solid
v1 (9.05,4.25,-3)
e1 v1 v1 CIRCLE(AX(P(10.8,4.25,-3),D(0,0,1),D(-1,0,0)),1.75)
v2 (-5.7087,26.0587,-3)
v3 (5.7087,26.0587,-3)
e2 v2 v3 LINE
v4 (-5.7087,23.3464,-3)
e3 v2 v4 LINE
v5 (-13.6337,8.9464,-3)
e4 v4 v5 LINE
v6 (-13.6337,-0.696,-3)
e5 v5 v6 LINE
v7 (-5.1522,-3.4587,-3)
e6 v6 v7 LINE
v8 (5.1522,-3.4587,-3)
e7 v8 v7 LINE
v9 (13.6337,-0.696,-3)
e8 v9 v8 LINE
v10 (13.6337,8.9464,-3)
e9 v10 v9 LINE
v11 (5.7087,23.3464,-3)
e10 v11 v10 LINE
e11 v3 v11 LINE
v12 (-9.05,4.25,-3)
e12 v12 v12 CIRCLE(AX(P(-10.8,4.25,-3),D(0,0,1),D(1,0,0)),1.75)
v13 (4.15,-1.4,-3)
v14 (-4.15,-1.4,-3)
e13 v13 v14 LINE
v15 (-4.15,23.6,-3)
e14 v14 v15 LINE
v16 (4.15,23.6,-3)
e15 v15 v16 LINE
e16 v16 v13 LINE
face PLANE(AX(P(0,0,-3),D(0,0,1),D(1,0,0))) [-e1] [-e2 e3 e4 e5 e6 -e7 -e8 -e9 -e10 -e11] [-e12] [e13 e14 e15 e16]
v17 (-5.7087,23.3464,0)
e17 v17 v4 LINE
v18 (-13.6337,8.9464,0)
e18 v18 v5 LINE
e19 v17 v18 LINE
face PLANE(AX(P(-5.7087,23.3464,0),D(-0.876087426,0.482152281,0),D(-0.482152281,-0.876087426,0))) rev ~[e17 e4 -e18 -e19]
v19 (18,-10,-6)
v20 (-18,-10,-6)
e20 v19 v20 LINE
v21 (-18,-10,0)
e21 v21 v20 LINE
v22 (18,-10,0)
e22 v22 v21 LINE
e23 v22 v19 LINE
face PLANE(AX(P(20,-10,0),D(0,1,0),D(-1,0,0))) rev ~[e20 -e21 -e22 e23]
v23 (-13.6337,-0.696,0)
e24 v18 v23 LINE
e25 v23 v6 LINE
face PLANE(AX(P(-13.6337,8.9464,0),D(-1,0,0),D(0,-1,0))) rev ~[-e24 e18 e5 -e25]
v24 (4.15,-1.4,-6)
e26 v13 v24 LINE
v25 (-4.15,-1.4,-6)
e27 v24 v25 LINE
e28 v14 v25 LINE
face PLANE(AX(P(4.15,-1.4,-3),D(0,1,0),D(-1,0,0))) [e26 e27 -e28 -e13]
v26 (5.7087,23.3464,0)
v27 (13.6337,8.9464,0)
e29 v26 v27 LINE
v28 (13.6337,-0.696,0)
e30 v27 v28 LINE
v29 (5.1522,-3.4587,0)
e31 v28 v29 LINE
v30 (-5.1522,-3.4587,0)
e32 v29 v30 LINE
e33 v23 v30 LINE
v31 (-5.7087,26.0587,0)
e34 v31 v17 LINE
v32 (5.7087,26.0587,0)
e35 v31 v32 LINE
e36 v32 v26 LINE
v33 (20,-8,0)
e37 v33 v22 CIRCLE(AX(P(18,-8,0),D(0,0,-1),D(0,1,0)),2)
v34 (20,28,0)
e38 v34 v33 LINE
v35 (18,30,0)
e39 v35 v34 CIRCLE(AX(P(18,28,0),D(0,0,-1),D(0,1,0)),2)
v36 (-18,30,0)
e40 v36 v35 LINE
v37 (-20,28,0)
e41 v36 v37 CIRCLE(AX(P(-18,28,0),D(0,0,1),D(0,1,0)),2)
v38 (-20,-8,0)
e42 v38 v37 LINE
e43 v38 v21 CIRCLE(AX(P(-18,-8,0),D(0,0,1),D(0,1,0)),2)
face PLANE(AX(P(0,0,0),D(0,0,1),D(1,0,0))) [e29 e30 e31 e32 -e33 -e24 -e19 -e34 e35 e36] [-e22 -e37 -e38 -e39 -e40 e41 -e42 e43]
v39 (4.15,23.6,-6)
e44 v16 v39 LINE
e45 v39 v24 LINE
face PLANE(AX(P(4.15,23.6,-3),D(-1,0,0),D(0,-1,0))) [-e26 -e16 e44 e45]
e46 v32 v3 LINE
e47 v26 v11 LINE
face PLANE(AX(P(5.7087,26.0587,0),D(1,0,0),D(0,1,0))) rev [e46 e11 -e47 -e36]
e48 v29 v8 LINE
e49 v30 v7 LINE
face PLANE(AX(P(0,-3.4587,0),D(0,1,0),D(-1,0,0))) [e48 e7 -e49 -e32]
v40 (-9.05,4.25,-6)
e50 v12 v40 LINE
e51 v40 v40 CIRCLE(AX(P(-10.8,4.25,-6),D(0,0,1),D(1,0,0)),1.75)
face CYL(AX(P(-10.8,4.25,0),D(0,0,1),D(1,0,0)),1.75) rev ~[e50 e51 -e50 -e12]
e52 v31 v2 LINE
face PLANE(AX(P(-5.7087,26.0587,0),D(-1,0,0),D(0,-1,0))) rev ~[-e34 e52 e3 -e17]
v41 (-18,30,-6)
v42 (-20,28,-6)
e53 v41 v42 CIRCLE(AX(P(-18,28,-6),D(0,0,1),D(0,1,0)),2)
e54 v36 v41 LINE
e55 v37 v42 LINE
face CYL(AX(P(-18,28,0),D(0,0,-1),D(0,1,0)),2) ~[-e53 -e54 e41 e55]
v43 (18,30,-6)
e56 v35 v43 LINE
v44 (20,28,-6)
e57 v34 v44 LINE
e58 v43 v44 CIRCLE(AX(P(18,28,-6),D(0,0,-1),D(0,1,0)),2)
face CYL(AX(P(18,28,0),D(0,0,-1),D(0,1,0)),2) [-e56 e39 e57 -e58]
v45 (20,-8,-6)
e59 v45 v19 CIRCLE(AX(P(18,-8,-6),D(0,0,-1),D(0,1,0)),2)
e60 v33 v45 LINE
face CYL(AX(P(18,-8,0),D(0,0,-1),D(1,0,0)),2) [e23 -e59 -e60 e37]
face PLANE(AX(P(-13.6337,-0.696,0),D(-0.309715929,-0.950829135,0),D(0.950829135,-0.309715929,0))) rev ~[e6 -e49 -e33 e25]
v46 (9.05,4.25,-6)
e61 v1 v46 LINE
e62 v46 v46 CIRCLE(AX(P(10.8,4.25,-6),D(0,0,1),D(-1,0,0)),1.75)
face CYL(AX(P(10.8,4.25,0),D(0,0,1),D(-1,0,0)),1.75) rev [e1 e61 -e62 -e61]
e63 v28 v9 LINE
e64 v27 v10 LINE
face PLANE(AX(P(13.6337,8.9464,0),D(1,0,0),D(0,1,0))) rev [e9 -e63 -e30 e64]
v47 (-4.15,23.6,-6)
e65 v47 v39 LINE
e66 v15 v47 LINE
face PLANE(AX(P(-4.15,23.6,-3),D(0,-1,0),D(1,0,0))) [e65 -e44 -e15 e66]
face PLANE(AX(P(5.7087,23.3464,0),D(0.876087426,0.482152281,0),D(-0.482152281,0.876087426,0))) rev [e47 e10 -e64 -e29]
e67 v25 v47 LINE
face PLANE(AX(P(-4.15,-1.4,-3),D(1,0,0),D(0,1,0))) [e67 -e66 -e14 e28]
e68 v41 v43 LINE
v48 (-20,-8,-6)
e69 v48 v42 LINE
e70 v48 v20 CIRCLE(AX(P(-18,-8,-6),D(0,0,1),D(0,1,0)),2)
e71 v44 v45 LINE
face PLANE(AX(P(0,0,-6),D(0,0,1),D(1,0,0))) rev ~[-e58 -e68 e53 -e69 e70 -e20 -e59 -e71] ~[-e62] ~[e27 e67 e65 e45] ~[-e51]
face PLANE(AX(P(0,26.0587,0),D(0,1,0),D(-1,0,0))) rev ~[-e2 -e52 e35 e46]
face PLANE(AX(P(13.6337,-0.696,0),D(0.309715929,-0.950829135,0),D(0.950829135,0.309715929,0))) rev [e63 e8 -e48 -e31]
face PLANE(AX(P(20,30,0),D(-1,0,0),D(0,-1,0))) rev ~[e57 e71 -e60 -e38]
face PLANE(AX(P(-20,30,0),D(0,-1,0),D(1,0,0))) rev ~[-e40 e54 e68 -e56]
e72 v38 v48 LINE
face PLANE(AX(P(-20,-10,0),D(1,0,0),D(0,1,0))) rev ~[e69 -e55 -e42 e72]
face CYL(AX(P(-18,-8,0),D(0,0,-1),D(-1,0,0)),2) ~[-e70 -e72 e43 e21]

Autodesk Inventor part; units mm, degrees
ref_plane "YZ Plane" through (0, 0, 0) normal (1, 0, 0) x (0, 1, 0)
ref_plane "XZ Plane" through (0, 0, 0) normal (0, 1, 0) x (-1, 0, 0)
ref_plane "XY Plane" through (0, 0, 0) normal (0, 0, 1) x (1, 0, 0)
sketch "Sketch1" plane through (0, 0, 0) normal (0, 0, 1) x (1, 0, 0)
  line L0 (-5, -2.5) -> (5, -2.5) construction
  line L1 (5, -2.5) -> (12.675, 0) construction
  line L2 (-5, -2.5) -> (-12.675, 0)
  line L3 (12.675, 0) -> (-12.675, 0) construction
  line L4 (12.675, 0) -> (12.675, 8.7) construction
  line L5 (-12.675, 0) -> (-12.675, 8.7)
  line L6 (-12.675, 8.7) -> (-4.75, 23.1)
  line L7 (-4.75, 23.1) -> (-4.75, 25.1)
  line L8 (-4.75, 25.1) -> (4.75, 25.1) construction
  line L9 (4.75, 25.1) -> (4.75, 23.1) construction
  line L10 (4.75, 23.1) -> (12.675, 8.7) construction
  line L11 (0, -9.3621) -> (0, 31.9621) projected
  line L12 (0, 25.1) -> (0, -2.5)
  circle A0 centre (-10.8, 4.25) radius 1.25
  line L13 (-10.8, 4.25) -> (0, 4.25) construction
  line L14 (-4.75, 25.1) -> (0, 25.1)
  line L15 (-5, -2.5) -> (0, -2.5)
  line L16 (-5.7087, 23.3464) -> (-13.6337, 8.9464)
  line L17 (-13.6337, 8.9464) -> (-13.6337, -0.696)
  line L18 (-13.6337, -0.696) -> (-5.1522, -3.4587)
  line L19 (-5.1522, -3.4587) -> (0.9587, -3.4587) construction
  line L20 (0.9587, -3.4587) -> (0.9587, 26.0587) construction
  line L21 (0.9587, 26.0587) -> (-5.7087, 26.0587) construction
  line L22 (-5.7087, 26.0587) -> (-5.7087, 23.3464)
  line L23 (0, -2.5) -> (0, -3.4587)
  line L24 (0, 25.1) -> (0, 26.0587)
  line L25 (0, -3.4587) -> (-5.1522, -3.4587)
  line L26 (0, 26.0587) -> (-5.7087, 26.0587)
  point P0 (0, 0)
  point P1 (0, 0)
  dimension "d0" = 10
  dimension "d1" = 25.35
  dimension "d2" = 2.5
  dimension "d3" = 8.7
  dimension "d4" = 27.6
  dimension "d6" = 2
  dimension "d7" = 9.5
  dimension "d42" = 2.5
  dimension "d43" = 10.8
  dimension "d44" = 6.75
  dimension "d53" = 0.9587
sketch "Sketch8" plane through (0, 0, 0) normal (0, 0, 1) x (1, 0, 0)
  line L0 (-20, 30) -> (20, 30)
  line L1 (20, 30) -> (20, -10)
  line L2 (20, -10) -> (-20, -10)
  line L3 (-20, -10) -> (-20, 30)
  point P0 (0, 0)
  point P1 (0, -10)
  dimension "d45" = 40
  dimension "d46" = 10
extrude "MainBlock" add sketch "Sketch8" against normal blind 6
extrude "CartridgeCutout" cut sketch "Sketch1" against normal blind 3
sketch "Sketch10" plane through (-10.8, 4.25, 0) normal (0, 0, 1) x (1, 0, 0)
  circle A0 centre (0, 0) radius 1.25 projected
  circle A1 centre (0, 0) radius 1.75
  point P0 (10.8, -4.25)
  dimension "d56" = 0.5
extrude "PinHole" cut sketch "Sketch10" against normal through all contours A0 | A1
mirror "Mirror3" about plane through (0, 26.0587, 0) normal (-1, 0, 0) of "CartridgeCutout", "PinHole"
sketch "Sketch12" plane through (0, 0, -3) normal (0, 0, 1) x (1, 0, 0)
  circle A0 centre (10.8, 4.25) radius 1.75 projected
  circle A1 centre (-10.8, 4.25) radius 1.75 projected
  line L0 (5.7087, 26.0587) -> (-5.7087, 26.0587) projected
  line L1 (-5.7087, 23.3464) -> (-5.7087, 26.0587) projected
  line L2 (-13.6337, 8.9464) -> (-5.7087, 23.3464) projected
  line L3 (-13.6337, -0.696) -> (-13.6337, 8.9464) projected
  line L4 (-5.1522, -3.4587) -> (-13.6337, -0.696) projected
  line L5 (5.1522, -3.4587) -> (-5.1522, -3.4587) projected
  line L6 (5.1522, -3.4587) -> (13.6337, -0.696) projected
  line L7 (13.6337, -0.696) -> (13.6337, 8.9464) projected
  line L8 (13.6337, 8.9464) -> (5.7087, 23.3464) projected
  line L9 (5.7087, 23.3464) -> (5.7087, 26.0587) projected
  line L10 (-4.15, 23.6) -> (4.15, 23.6)
  line L11 (4.15, 23.6) -> (4.15, -1.4)
  line L12 (4.15, -1.4) -> (-4.15, -1.4)
  line L13 (-4.15, -1.4) -> (-4.15, 23.6)
  point P0 (0, 0)
  point P1 (0, -1.4)
  dimension "d59" = 8.3
  dimension "d60" = 25
  dimension "d61" = 1.4
extrude "Extrusion12" cut sketch "Sketch12" against normal through all contours L10 L11 L12 L13
fillet "Fillet1" radius 2 4 edges at (-20, 30, -3) (-20, -10, -3) (20, -10, -3) (20, 30, -3)
properties part number "InkjetHolder"
